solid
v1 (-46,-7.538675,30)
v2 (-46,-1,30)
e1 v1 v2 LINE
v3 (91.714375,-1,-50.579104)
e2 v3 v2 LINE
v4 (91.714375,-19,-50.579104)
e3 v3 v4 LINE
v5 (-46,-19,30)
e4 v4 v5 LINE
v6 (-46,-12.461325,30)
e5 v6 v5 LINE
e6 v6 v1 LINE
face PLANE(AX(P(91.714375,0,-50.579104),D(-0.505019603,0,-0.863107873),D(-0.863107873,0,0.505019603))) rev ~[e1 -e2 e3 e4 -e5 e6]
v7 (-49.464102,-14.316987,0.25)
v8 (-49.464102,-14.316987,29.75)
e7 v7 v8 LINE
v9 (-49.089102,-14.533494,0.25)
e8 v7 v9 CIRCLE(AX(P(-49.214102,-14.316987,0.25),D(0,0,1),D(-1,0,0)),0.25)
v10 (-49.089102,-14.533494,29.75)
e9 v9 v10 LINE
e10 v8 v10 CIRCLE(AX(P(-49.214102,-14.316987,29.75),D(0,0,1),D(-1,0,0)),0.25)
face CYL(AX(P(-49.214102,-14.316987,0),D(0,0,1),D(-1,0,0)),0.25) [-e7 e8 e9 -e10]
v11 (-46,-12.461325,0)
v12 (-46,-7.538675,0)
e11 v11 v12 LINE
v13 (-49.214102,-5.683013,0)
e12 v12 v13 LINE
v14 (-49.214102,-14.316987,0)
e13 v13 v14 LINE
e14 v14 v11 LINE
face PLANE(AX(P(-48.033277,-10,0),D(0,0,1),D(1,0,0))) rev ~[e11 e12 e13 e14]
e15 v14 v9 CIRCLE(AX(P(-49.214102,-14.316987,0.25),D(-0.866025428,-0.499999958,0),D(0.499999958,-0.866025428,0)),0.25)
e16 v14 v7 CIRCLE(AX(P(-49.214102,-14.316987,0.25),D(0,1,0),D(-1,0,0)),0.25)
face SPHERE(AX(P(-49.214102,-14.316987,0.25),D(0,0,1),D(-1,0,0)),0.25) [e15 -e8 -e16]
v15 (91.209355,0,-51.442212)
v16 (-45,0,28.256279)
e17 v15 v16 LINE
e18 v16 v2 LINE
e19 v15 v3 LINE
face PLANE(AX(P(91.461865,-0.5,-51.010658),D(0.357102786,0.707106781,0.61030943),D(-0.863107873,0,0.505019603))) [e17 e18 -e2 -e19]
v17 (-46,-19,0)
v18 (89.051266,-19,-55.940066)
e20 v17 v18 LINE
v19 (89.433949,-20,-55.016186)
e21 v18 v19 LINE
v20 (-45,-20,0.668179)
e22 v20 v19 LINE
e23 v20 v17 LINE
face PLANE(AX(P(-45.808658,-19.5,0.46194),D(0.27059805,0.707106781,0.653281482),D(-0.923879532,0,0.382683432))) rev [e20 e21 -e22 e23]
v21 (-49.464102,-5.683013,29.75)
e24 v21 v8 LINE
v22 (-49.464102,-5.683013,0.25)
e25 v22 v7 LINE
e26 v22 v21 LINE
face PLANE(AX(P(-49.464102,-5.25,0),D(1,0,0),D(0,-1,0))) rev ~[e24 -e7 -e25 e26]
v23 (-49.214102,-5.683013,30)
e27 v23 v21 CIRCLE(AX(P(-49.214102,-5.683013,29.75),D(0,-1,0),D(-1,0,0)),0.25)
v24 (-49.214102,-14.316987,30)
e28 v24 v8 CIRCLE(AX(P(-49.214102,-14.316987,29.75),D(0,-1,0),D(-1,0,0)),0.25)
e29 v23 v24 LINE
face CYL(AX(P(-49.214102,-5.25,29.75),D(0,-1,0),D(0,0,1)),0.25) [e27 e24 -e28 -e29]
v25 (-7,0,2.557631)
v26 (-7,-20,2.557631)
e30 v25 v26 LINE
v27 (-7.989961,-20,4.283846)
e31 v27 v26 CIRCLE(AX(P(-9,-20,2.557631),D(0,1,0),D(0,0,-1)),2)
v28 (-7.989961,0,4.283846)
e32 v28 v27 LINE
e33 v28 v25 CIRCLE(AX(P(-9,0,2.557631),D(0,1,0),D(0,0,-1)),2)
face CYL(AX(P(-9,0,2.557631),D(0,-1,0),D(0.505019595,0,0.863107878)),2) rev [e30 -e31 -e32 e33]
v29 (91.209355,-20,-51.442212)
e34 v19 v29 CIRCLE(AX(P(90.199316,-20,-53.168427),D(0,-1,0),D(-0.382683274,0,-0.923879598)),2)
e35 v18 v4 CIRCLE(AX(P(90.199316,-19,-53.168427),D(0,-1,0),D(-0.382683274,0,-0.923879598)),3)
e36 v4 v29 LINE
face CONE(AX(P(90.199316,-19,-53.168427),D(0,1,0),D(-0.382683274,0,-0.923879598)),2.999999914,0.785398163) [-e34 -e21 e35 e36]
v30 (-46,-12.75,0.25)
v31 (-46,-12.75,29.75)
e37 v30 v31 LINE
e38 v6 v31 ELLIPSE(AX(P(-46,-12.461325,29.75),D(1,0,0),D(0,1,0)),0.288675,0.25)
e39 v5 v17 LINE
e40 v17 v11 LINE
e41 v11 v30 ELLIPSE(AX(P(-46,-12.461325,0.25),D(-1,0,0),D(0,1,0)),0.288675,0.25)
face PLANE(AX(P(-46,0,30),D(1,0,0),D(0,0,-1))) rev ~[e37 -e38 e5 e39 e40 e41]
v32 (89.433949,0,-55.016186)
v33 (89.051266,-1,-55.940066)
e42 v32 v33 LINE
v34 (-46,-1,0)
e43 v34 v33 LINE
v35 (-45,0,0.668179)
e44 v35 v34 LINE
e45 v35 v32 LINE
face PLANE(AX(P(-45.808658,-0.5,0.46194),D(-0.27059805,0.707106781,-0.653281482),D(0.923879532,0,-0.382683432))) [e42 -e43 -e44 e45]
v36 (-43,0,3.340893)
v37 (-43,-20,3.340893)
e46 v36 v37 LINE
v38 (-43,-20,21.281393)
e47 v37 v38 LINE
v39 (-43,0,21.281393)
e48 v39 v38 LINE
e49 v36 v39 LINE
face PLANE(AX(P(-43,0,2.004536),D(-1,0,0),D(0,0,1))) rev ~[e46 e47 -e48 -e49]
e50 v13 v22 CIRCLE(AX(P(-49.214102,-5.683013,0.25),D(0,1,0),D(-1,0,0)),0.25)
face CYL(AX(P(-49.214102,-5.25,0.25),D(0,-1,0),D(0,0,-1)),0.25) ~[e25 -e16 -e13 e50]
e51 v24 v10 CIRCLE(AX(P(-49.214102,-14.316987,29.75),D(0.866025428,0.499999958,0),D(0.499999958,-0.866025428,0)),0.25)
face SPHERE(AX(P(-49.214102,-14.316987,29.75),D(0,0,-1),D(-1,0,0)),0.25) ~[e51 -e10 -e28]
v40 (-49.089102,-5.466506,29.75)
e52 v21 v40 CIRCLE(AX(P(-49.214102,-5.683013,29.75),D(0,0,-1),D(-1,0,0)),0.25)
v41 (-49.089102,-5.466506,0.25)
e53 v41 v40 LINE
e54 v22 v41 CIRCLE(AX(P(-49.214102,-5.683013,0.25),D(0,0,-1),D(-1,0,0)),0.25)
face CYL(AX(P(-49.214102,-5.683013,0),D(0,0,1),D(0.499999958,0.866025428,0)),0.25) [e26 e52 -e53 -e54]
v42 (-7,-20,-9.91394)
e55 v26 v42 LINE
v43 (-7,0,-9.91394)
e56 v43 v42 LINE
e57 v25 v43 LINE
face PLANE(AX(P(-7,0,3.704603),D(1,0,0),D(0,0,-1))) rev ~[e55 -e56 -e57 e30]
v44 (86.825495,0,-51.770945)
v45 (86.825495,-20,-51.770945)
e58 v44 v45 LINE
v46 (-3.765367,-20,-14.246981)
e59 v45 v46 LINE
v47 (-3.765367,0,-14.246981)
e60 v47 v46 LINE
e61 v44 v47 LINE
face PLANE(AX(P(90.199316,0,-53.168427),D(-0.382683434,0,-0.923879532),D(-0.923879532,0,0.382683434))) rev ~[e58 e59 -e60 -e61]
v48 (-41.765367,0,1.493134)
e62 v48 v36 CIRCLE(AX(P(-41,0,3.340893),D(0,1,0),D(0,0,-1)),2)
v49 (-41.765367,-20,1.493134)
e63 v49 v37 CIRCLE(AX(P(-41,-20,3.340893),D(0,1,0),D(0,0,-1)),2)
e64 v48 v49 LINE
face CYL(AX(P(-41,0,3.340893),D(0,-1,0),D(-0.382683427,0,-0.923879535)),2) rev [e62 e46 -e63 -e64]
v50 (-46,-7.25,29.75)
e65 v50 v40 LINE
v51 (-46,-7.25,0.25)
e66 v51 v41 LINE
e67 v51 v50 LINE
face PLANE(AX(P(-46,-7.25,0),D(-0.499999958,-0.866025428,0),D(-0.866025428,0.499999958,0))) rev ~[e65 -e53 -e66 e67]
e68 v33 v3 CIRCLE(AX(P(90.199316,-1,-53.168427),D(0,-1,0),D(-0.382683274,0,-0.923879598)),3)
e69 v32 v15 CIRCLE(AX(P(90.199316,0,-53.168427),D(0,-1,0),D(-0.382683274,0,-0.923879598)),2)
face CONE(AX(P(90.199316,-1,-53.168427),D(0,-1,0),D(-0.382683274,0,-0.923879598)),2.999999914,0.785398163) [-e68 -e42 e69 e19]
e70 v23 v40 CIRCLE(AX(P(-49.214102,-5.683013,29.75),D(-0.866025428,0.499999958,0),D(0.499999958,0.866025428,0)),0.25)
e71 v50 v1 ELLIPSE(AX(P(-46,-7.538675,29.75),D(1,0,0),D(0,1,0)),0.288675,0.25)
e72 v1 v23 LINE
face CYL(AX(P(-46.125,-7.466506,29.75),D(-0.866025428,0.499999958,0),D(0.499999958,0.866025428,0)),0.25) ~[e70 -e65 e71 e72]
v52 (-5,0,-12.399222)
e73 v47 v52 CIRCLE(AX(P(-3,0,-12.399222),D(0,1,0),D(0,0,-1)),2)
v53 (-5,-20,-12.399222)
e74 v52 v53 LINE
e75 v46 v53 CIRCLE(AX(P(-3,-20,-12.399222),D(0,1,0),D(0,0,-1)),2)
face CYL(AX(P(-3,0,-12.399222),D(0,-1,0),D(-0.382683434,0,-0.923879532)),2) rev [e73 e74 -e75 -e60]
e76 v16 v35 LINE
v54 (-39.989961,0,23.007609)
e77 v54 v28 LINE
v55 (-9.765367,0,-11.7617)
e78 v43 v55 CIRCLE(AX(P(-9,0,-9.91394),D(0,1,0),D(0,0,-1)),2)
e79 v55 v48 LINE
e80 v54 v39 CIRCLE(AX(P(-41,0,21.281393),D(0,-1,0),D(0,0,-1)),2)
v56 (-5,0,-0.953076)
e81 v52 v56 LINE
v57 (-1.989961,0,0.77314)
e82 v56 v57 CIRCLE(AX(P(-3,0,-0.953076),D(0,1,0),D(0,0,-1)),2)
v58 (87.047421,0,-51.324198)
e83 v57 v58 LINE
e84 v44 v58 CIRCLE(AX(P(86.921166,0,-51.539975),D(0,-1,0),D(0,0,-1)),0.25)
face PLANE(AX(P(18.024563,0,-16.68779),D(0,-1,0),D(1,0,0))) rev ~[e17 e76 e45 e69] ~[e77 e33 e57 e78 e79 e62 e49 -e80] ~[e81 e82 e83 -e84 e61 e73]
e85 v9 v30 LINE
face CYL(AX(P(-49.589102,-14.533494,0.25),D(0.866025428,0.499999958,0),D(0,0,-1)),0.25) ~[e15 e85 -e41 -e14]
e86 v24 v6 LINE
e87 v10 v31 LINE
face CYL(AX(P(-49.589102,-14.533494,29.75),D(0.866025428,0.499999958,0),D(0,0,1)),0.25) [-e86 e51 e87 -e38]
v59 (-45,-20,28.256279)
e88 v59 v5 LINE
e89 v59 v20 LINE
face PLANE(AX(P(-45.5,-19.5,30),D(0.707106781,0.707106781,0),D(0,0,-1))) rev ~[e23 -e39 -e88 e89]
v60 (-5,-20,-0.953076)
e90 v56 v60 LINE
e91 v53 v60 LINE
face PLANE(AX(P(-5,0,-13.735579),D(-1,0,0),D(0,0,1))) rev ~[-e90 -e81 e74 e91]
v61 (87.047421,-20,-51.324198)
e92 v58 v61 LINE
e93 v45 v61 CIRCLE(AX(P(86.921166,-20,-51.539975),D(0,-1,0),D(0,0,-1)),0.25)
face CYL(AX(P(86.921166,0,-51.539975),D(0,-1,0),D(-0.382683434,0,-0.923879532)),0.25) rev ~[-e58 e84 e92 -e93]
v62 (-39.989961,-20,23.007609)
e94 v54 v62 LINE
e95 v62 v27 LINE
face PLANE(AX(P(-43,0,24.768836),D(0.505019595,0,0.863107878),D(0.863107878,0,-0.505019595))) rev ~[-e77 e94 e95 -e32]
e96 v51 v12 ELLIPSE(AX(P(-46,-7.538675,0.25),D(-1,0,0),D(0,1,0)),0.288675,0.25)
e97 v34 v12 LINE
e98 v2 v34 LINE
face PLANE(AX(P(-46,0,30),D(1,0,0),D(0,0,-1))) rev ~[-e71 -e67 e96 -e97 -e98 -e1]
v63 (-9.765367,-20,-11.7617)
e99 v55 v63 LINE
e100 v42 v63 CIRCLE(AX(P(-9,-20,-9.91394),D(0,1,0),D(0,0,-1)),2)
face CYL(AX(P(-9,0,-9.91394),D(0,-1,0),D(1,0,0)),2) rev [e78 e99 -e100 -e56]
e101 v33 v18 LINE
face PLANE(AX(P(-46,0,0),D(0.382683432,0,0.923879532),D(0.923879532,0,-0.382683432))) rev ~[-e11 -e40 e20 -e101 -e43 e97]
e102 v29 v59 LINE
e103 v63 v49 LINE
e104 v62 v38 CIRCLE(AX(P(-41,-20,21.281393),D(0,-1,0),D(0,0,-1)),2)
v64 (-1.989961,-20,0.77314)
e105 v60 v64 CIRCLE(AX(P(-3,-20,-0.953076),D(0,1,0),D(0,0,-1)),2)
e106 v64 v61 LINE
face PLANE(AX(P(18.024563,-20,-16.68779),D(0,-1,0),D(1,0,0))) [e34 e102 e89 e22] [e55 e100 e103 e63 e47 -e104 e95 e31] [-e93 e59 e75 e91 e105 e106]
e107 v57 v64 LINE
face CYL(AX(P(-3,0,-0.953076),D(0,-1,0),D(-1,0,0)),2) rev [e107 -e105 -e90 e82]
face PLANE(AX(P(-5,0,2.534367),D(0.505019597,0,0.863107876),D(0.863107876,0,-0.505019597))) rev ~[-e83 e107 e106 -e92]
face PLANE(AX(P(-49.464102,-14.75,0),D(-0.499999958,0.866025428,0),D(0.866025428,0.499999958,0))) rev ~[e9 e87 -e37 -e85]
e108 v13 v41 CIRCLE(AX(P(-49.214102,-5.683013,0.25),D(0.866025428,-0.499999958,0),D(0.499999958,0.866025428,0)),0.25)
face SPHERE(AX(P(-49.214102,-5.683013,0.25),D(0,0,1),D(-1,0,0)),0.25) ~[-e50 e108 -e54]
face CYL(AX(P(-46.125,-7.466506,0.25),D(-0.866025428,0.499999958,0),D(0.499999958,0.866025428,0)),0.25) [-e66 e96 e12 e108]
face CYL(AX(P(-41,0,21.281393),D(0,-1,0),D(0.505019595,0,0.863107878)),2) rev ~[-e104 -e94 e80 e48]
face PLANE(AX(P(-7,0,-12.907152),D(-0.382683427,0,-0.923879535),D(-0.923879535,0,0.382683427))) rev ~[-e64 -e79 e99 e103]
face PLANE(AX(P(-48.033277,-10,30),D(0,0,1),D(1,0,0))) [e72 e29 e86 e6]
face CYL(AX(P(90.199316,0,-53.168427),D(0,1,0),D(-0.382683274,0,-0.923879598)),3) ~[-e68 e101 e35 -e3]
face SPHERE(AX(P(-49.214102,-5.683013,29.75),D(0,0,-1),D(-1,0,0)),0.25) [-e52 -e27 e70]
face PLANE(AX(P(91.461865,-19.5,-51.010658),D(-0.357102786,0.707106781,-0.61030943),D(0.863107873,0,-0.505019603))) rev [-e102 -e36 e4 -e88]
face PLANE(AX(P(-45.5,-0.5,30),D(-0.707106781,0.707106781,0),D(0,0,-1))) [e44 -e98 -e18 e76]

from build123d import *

# Parameters (mm, degrees)
F1_DEPTH = 20
F3_DEPTH = 30
F4_R     = 2
F5_SIZE  = 1
F6_R     = 0.25


with BuildPart() as f1:
    # F0 (on Front) → F1 (new body)
    with BuildSketch(Plane.XZ):
        with BuildLine():
            Line((-46, 30), (-46, 0))
            Line((-46, 0), (89.051266, -55.940066))
            ThreePointArc((89.051266, -55.940066), (92.886071, -54.503098), (91.714375, -50.579104))
            Line((91.714375, -50.579104), (-46, 30))
        make_face()
        Polygon((-5, 2.534367), (90.199316, -53.168427), (-5, -13.735579), (-7, -12.907152), (-43, 2.004536), (-43, 24.768836), (-7, 3.704603), align=None, mode=Mode.SUBTRACT)
        Polygon((-5, -13.735579), (-5, 2.534367), (-7, 3.704603), (-7, -12.907152), align=None)
    extrude(amount=F1_DEPTH)

    # F2 (on Top) → F3 (join)
    with BuildSketch(Plane.XY):
        Polygon((-49.464102, -14.75), (-46, -12.75), (-46, -7.25), (-49.464102, -5.25), align=None)
    extrude(amount=F3_DEPTH)

    # F4
    f4_edges = [f1.edges().sort_by_distance(p)[0] for p in [
        (-7, -10, -12.907152),
        (-43, -10, 2.004536),
        (-43, -10, 24.768836),
        (-7, -10, 3.704603),
        (-5, -10, 2.534367),
        (-5, -10, -13.735579),
    ]]
    fillet(f4_edges, radius=F4_R)

    # F5
    f5_edges = [f1.edges().sort_by_distance(p)[0] for p in [
        (-46, 0, 15),
        (-46, -20, 15),
        (21.525633, -20, -27.970033),
        (21.525633, 0, -27.970033),
    ]]
    chamfer(f5_edges, length=F5_SIZE)

    # F6
    f6_edges = [f1.edges().sort_by_distance(p)[0] for p in [
        (-49.464102, -14.75, 15),
        (-49.464102, -5.25, 15),
        (-49.464102, -10, 0),
        (-49.464102, -10, 30),
        (-47.732051, -13.75, 30),
        (-47.732051, -6.25, 30),
        (-47.732051, -6.25, 0),
        (-47.732051, -13.75, 0),
        (90.199316, -10, -53.168427),
    ]]
    fillet(f6_edges, radius=F6_R)


solid = f1.part
